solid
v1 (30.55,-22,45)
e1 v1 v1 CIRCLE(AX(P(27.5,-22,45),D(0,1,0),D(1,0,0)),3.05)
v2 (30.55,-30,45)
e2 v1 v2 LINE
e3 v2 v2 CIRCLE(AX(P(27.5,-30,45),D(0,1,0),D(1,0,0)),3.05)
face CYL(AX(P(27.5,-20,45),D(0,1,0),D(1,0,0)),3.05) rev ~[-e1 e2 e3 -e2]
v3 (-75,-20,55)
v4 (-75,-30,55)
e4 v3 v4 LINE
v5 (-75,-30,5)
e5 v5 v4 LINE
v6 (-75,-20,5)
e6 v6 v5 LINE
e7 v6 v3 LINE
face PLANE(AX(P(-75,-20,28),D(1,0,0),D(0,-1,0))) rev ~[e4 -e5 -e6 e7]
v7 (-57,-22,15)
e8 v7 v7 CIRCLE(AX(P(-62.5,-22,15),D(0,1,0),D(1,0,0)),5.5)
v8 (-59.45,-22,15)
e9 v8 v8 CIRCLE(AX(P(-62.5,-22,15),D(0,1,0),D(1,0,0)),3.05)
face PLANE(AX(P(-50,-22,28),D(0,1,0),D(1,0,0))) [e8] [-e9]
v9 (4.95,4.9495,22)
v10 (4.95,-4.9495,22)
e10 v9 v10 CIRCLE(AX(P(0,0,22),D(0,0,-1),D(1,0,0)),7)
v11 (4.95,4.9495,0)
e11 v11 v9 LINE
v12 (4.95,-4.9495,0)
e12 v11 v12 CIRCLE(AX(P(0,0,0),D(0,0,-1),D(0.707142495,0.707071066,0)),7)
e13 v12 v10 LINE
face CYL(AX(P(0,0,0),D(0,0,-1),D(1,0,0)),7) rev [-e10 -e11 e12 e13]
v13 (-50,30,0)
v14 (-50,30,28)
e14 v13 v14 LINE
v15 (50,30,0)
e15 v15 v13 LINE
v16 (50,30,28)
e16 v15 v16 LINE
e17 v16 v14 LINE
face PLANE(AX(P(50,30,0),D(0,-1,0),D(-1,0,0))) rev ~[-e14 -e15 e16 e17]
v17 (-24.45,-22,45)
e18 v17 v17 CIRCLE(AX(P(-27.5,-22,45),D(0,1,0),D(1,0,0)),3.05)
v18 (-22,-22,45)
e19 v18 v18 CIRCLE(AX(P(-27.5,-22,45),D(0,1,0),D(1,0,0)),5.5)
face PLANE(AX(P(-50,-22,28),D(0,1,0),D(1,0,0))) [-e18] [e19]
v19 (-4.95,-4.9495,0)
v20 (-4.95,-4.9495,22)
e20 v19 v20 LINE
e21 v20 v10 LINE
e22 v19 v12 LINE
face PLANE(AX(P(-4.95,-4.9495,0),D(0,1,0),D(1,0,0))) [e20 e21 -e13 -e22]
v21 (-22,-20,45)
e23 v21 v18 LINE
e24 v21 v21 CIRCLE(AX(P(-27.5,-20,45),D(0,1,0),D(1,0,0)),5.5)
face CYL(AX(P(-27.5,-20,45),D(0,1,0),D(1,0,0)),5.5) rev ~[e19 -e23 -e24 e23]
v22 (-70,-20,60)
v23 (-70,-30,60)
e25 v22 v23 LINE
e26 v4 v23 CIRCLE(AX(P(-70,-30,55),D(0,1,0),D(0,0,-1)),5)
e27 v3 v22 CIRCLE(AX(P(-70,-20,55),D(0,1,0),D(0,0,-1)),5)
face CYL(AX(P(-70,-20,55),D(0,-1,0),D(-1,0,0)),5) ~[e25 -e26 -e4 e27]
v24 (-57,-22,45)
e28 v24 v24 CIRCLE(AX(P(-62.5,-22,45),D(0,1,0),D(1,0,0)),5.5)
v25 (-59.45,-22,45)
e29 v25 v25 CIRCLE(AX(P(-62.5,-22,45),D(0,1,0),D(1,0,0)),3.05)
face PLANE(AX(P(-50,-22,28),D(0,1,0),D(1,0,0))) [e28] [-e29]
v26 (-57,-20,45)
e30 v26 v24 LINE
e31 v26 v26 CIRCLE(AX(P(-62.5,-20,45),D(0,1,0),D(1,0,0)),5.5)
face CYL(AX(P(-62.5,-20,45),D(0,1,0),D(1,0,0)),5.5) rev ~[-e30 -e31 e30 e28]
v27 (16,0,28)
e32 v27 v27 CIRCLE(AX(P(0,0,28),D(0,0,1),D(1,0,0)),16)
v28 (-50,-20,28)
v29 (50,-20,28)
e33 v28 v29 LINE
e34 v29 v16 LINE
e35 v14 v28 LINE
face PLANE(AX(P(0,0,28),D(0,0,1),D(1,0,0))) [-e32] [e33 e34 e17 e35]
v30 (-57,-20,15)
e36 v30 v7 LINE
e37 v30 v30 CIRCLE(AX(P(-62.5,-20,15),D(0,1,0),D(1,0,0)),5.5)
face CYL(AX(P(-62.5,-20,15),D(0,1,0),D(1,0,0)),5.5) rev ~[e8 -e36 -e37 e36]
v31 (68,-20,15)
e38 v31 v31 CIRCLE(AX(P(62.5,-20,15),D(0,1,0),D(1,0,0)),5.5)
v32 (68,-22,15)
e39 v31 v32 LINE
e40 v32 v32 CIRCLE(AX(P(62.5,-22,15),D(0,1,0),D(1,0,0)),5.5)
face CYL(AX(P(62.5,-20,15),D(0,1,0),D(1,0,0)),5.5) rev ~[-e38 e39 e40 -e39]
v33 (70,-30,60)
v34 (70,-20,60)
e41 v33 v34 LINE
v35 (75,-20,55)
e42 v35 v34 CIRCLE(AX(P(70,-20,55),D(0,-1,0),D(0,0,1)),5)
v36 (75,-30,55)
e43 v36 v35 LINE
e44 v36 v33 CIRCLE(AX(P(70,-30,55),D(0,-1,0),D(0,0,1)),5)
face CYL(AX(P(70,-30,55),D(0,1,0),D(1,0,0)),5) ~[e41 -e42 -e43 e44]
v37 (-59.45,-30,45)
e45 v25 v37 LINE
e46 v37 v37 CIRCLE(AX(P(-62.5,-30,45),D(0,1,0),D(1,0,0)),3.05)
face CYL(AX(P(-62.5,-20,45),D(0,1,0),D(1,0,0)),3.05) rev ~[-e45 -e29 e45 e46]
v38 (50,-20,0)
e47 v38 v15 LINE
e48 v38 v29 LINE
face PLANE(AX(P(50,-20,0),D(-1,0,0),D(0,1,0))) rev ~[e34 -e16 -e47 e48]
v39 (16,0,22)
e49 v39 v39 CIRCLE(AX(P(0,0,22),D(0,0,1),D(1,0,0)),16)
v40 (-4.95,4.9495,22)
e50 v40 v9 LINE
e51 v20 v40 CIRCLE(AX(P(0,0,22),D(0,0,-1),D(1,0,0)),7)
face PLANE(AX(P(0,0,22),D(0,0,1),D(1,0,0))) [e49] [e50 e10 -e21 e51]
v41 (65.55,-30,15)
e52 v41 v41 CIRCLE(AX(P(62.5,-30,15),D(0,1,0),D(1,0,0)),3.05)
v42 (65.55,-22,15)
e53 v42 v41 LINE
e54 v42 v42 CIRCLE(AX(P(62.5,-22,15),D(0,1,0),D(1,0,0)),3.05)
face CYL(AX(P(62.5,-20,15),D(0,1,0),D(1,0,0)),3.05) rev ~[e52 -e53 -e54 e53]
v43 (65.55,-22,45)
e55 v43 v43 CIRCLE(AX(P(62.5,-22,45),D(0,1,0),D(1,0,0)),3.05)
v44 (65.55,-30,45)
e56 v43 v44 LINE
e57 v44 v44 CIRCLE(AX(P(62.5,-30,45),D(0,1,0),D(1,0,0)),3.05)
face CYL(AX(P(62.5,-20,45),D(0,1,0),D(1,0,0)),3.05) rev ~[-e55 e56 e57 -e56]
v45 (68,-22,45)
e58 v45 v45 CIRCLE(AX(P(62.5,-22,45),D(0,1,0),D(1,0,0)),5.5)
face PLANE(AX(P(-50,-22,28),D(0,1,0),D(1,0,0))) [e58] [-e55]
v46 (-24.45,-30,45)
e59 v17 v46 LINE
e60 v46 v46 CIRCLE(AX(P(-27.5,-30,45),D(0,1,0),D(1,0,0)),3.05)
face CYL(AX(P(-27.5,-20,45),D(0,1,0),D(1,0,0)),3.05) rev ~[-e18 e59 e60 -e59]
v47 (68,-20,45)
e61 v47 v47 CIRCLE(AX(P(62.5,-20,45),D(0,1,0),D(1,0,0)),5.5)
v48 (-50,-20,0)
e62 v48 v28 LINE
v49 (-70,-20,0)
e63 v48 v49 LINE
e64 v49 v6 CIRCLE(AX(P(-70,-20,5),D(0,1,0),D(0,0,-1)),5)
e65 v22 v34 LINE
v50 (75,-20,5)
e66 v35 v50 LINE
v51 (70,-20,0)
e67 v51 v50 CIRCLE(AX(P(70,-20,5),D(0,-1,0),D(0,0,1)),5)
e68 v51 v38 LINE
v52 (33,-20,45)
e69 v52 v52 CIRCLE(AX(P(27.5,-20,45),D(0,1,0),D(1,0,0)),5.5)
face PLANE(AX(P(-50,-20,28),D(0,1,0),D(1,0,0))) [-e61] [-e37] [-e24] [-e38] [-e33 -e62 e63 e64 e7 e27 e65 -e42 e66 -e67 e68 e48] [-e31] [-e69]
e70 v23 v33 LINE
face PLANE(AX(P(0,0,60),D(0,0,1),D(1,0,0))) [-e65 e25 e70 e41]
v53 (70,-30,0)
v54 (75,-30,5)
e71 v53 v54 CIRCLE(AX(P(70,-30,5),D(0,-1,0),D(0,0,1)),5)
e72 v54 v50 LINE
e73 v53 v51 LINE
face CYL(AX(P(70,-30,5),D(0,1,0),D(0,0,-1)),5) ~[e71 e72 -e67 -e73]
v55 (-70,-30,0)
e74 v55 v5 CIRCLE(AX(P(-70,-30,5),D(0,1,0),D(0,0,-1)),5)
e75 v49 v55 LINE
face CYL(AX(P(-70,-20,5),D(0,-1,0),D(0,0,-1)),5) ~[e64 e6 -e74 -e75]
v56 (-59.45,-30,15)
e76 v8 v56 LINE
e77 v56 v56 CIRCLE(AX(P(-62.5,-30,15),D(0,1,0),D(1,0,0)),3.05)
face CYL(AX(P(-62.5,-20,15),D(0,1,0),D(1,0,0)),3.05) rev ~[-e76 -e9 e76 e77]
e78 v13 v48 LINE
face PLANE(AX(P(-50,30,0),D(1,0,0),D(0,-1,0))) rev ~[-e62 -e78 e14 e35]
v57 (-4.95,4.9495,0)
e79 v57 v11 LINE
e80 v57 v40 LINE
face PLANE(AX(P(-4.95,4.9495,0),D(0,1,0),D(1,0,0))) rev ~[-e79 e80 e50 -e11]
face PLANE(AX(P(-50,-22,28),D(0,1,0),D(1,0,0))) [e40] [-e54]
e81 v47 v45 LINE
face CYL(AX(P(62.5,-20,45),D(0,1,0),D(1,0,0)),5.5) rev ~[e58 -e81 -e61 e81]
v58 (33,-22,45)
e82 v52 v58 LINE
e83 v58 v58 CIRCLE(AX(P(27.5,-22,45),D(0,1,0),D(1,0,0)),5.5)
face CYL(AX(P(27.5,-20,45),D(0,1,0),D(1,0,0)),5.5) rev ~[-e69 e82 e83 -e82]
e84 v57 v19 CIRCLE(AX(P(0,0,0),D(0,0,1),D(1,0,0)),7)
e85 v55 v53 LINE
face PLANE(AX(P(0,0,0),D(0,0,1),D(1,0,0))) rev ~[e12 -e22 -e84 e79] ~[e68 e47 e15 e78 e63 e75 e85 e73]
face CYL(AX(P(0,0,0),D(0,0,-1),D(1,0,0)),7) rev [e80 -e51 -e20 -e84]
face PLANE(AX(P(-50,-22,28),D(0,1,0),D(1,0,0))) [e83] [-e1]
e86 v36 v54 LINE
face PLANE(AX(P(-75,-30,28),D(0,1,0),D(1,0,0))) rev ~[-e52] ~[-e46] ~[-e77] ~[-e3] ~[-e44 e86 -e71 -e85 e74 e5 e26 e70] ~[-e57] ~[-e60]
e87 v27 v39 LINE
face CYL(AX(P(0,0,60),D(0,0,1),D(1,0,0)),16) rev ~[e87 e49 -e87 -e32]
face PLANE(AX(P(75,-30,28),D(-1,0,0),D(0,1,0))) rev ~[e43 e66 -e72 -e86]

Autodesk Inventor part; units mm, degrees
ref_plane "YZ Plane" through (0, 0, 0) normal (1, 0, 0) x (0, 1, 0)
ref_plane "XZ Plane" through (0, 0, 0) normal (0, 1, 0) x (-1, 0, 0)
ref_plane "XY Plane" through (0, 0, 0) normal (0, 0, 1) x (1, 0, 0)
sketch "Sketch1" plane through (0, 0, 0) normal (0, 0, 1) x (1, 0, 0)
  circle A0 centre (0, 0) radius 7
  line L0 (-4.95, 4.9495) -> (4.95, 4.9495)
  line L1 (-4.95, -4.9495) -> (4.95, -4.9495)
  line L2 (0, 0) -> (0, -30) construction
  line L3 (-75, -30) -> (75, -30)
  line L4 (75, -30) -> (75, -20)
  line L5 (75, -20) -> (-75, -20)
  line L6 (-75, -20) -> (-75, -30)
  line L7 (-75, -30) -> (75, -20) construction
  line L8 (75, -30) -> (-75, -20) construction
  line L9 (-50, -20) -> (50, -20)
  line L10 (50, -20) -> (50, 30)
  line L11 (50, 30) -> (-50, 30)
  line L12 (-50, 30) -> (-50, -20)
  point P0 (0, -25)
  dimension "d1" = 7
  dimension "d2" = 9.9
  dimension "d4" = 150
  dimension "d5" = 10
  dimension "d6" = 50
  dimension "d26" = 25
  dimension "d27" = 100
  dimension "d28" = 50
extrude "Extrusion1" add sketch "Sketch1" along normal blind 28 contours L0 A0 | A0 L1 | L6 L5 L4 L3 | L12 L11 L10 L5
sketch "Sketch2" plane through (0, 0, 28) normal (0, 0, 1) x (1, 0, 0)
  line L0 (-50, -20) -> (-75, -20) projected
  line L1 (-75, -20) -> (-75, -30) projected
  line L2 (-75, -30) -> (75, -30) projected
  line L3 (75, -30) -> (75, -20) projected
  line L4 (-50, -20) -> (50, -20)
  line L5 (75, -20) -> (50, -20) projected
  line L6 (50, -20) -> (50, 30) projected
  line L7 (50, 30) -> (-50, 30) projected
  line L8 (-50, 30) -> (-50, -20) projected
  point P0 (0, 0)
extrude "Extrusion2" add sketch "Sketch2" along normal blind 32 contours L4 L5 L3 L2 L1 L0
sketch "Sketch3" plane through (0, 0, 60) normal (0, 0, 1) x (1, 0, 0)
  circle A0 centre (0, 0) radius 16
  dimension "d11" = 32
extrude "Extrusion3" cut sketch "Sketch3" against normal blind 38
sketch "Sketch4" plane through (-75, -20, 0) normal (0, 1, 0) x (1, 0, 0)
  circle A0 centre (12.5, -15) radius 3.05
  line L0 (150, 0) -> (0, 0) projected
  circle A1 centre (12.5, -45) radius 3.05
  circle A2 centre (47.5, -45) radius 3.05
  line L1 (75, 12) -> (75, -72) projected
  circle A3 centre (137.5, -15) radius 3.05
  circle A4 centre (137.5, -45) radius 3.05
  circle A5 centre (102.5, -45) radius 3.05
  line L2 (0, 0) -> (0, -60) projected
  point P0 (75, 0)
  point P1 (25, 0)
  point P2 (12.5, 0)
  point P3 (12.5, 0)
  point P4 (12.5, 0)
  point P5 (12.5, 0)
  dimension "d14" = 6.1
  dimension "d15" = 15
  dimension "d17" = 30
  dimension "d18" = 35
extrude "Extrusion4" cut sketch "Sketch4" against normal through all
fillet "Fillet1" radius 5 4 edges at (75, -25, 60) (-75, -25, 60) (75, -25, 0) (-75, -25, 0)
sketch "Sketch5" plane through (-50, -20, 28) normal (0, 1, 0) x (1, 0, 0)
  arc A0 (-20, 28) -> (-25, 23) centre (-20, 23) ccw projected
  line L0 (-25, 23) -> (-25, -27) projected
  line L1 (0, 28) -> (-20, 28) projected
  circle A1 centre (-12.5, 13) radius 3.05 projected
  circle A2 centre (112.5, 13) radius 3.05 projected
  arc A3 (125, 23) -> (120, 28) centre (120, 23) ccw projected
  line L2 (125, 23) -> (125, -27) projected
  circle A4 centre (-12.5, 13) radius 5.5
  circle A5 centre (-12.5, -17) radius 5.5
  circle A6 centre (22.5, -17) radius 5.5
  circle A7 centre (77.5, -17) radius 5.5
  circle A8 centre (112.5, -17) radius 5.5
  circle A9 centre (112.5, 13) radius 5.5
  arc A10 (-20, 28) -> (-25, 23) centre (-20, 23) ccw projected
  line L3 (-25, 23) -> (-25, -27) projected
  arc A11 (-25, -27) -> (-20, -32) centre (-20, -27) ccw projected
  line L4 (120, -32) -> (-20, -32) projected
  arc A12 (120, -32) -> (125, -27) centre (120, -27) ccw projected
  arc A13 (-25, -27) -> (-20, -32) centre (-20, -27) ccw projected
  line L5 (120, -32) -> (-20, -32) projected
  arc A14 (120, -32) -> (125, -27) centre (120, -27) ccw projected
  line L6 (125, 23) -> (125, -27) projected
  arc A15 (125, 23) -> (120, 28) centre (120, 23) ccw projected
  circle A16 centre (-12.5, -17) radius 3.05 projected
  circle A17 centre (22.5, -17) radius 3.05 projected
  circle A18 centre (77.5, -17) radius 3.05 projected
  circle A19 centre (112.5, -17) radius 3.05 projected
  line L7 (0, 28) -> (0, 0) projected
  line L8 (0, 28) -> (-20, 28) projected
  line L9 (120, 28) -> (100, 28) projected
  line L10 (100, 28) -> (100, 0) projected
  line L11 (0, 28) -> (0, 0) projected
  line L12 (120, 28) -> (100, 28) projected
  line L13 (100, 28) -> (100, 0) projected
  line L14 (0, 0) -> (100, 0) projected
  line L15 (0, 0) -> (100, 0) projected
  point P0 (50, 28)
  dimension "d22" = 11
extrude "Extrusion5" cut sketch "Sketch5" against normal blind 2 contours A1 | A2 | A4 | A5 | A6 | A7 | A8 | A9 | A16 | A17 | A18 | A19
properties part number "motor_bracket" material "Aluminum 6061"
